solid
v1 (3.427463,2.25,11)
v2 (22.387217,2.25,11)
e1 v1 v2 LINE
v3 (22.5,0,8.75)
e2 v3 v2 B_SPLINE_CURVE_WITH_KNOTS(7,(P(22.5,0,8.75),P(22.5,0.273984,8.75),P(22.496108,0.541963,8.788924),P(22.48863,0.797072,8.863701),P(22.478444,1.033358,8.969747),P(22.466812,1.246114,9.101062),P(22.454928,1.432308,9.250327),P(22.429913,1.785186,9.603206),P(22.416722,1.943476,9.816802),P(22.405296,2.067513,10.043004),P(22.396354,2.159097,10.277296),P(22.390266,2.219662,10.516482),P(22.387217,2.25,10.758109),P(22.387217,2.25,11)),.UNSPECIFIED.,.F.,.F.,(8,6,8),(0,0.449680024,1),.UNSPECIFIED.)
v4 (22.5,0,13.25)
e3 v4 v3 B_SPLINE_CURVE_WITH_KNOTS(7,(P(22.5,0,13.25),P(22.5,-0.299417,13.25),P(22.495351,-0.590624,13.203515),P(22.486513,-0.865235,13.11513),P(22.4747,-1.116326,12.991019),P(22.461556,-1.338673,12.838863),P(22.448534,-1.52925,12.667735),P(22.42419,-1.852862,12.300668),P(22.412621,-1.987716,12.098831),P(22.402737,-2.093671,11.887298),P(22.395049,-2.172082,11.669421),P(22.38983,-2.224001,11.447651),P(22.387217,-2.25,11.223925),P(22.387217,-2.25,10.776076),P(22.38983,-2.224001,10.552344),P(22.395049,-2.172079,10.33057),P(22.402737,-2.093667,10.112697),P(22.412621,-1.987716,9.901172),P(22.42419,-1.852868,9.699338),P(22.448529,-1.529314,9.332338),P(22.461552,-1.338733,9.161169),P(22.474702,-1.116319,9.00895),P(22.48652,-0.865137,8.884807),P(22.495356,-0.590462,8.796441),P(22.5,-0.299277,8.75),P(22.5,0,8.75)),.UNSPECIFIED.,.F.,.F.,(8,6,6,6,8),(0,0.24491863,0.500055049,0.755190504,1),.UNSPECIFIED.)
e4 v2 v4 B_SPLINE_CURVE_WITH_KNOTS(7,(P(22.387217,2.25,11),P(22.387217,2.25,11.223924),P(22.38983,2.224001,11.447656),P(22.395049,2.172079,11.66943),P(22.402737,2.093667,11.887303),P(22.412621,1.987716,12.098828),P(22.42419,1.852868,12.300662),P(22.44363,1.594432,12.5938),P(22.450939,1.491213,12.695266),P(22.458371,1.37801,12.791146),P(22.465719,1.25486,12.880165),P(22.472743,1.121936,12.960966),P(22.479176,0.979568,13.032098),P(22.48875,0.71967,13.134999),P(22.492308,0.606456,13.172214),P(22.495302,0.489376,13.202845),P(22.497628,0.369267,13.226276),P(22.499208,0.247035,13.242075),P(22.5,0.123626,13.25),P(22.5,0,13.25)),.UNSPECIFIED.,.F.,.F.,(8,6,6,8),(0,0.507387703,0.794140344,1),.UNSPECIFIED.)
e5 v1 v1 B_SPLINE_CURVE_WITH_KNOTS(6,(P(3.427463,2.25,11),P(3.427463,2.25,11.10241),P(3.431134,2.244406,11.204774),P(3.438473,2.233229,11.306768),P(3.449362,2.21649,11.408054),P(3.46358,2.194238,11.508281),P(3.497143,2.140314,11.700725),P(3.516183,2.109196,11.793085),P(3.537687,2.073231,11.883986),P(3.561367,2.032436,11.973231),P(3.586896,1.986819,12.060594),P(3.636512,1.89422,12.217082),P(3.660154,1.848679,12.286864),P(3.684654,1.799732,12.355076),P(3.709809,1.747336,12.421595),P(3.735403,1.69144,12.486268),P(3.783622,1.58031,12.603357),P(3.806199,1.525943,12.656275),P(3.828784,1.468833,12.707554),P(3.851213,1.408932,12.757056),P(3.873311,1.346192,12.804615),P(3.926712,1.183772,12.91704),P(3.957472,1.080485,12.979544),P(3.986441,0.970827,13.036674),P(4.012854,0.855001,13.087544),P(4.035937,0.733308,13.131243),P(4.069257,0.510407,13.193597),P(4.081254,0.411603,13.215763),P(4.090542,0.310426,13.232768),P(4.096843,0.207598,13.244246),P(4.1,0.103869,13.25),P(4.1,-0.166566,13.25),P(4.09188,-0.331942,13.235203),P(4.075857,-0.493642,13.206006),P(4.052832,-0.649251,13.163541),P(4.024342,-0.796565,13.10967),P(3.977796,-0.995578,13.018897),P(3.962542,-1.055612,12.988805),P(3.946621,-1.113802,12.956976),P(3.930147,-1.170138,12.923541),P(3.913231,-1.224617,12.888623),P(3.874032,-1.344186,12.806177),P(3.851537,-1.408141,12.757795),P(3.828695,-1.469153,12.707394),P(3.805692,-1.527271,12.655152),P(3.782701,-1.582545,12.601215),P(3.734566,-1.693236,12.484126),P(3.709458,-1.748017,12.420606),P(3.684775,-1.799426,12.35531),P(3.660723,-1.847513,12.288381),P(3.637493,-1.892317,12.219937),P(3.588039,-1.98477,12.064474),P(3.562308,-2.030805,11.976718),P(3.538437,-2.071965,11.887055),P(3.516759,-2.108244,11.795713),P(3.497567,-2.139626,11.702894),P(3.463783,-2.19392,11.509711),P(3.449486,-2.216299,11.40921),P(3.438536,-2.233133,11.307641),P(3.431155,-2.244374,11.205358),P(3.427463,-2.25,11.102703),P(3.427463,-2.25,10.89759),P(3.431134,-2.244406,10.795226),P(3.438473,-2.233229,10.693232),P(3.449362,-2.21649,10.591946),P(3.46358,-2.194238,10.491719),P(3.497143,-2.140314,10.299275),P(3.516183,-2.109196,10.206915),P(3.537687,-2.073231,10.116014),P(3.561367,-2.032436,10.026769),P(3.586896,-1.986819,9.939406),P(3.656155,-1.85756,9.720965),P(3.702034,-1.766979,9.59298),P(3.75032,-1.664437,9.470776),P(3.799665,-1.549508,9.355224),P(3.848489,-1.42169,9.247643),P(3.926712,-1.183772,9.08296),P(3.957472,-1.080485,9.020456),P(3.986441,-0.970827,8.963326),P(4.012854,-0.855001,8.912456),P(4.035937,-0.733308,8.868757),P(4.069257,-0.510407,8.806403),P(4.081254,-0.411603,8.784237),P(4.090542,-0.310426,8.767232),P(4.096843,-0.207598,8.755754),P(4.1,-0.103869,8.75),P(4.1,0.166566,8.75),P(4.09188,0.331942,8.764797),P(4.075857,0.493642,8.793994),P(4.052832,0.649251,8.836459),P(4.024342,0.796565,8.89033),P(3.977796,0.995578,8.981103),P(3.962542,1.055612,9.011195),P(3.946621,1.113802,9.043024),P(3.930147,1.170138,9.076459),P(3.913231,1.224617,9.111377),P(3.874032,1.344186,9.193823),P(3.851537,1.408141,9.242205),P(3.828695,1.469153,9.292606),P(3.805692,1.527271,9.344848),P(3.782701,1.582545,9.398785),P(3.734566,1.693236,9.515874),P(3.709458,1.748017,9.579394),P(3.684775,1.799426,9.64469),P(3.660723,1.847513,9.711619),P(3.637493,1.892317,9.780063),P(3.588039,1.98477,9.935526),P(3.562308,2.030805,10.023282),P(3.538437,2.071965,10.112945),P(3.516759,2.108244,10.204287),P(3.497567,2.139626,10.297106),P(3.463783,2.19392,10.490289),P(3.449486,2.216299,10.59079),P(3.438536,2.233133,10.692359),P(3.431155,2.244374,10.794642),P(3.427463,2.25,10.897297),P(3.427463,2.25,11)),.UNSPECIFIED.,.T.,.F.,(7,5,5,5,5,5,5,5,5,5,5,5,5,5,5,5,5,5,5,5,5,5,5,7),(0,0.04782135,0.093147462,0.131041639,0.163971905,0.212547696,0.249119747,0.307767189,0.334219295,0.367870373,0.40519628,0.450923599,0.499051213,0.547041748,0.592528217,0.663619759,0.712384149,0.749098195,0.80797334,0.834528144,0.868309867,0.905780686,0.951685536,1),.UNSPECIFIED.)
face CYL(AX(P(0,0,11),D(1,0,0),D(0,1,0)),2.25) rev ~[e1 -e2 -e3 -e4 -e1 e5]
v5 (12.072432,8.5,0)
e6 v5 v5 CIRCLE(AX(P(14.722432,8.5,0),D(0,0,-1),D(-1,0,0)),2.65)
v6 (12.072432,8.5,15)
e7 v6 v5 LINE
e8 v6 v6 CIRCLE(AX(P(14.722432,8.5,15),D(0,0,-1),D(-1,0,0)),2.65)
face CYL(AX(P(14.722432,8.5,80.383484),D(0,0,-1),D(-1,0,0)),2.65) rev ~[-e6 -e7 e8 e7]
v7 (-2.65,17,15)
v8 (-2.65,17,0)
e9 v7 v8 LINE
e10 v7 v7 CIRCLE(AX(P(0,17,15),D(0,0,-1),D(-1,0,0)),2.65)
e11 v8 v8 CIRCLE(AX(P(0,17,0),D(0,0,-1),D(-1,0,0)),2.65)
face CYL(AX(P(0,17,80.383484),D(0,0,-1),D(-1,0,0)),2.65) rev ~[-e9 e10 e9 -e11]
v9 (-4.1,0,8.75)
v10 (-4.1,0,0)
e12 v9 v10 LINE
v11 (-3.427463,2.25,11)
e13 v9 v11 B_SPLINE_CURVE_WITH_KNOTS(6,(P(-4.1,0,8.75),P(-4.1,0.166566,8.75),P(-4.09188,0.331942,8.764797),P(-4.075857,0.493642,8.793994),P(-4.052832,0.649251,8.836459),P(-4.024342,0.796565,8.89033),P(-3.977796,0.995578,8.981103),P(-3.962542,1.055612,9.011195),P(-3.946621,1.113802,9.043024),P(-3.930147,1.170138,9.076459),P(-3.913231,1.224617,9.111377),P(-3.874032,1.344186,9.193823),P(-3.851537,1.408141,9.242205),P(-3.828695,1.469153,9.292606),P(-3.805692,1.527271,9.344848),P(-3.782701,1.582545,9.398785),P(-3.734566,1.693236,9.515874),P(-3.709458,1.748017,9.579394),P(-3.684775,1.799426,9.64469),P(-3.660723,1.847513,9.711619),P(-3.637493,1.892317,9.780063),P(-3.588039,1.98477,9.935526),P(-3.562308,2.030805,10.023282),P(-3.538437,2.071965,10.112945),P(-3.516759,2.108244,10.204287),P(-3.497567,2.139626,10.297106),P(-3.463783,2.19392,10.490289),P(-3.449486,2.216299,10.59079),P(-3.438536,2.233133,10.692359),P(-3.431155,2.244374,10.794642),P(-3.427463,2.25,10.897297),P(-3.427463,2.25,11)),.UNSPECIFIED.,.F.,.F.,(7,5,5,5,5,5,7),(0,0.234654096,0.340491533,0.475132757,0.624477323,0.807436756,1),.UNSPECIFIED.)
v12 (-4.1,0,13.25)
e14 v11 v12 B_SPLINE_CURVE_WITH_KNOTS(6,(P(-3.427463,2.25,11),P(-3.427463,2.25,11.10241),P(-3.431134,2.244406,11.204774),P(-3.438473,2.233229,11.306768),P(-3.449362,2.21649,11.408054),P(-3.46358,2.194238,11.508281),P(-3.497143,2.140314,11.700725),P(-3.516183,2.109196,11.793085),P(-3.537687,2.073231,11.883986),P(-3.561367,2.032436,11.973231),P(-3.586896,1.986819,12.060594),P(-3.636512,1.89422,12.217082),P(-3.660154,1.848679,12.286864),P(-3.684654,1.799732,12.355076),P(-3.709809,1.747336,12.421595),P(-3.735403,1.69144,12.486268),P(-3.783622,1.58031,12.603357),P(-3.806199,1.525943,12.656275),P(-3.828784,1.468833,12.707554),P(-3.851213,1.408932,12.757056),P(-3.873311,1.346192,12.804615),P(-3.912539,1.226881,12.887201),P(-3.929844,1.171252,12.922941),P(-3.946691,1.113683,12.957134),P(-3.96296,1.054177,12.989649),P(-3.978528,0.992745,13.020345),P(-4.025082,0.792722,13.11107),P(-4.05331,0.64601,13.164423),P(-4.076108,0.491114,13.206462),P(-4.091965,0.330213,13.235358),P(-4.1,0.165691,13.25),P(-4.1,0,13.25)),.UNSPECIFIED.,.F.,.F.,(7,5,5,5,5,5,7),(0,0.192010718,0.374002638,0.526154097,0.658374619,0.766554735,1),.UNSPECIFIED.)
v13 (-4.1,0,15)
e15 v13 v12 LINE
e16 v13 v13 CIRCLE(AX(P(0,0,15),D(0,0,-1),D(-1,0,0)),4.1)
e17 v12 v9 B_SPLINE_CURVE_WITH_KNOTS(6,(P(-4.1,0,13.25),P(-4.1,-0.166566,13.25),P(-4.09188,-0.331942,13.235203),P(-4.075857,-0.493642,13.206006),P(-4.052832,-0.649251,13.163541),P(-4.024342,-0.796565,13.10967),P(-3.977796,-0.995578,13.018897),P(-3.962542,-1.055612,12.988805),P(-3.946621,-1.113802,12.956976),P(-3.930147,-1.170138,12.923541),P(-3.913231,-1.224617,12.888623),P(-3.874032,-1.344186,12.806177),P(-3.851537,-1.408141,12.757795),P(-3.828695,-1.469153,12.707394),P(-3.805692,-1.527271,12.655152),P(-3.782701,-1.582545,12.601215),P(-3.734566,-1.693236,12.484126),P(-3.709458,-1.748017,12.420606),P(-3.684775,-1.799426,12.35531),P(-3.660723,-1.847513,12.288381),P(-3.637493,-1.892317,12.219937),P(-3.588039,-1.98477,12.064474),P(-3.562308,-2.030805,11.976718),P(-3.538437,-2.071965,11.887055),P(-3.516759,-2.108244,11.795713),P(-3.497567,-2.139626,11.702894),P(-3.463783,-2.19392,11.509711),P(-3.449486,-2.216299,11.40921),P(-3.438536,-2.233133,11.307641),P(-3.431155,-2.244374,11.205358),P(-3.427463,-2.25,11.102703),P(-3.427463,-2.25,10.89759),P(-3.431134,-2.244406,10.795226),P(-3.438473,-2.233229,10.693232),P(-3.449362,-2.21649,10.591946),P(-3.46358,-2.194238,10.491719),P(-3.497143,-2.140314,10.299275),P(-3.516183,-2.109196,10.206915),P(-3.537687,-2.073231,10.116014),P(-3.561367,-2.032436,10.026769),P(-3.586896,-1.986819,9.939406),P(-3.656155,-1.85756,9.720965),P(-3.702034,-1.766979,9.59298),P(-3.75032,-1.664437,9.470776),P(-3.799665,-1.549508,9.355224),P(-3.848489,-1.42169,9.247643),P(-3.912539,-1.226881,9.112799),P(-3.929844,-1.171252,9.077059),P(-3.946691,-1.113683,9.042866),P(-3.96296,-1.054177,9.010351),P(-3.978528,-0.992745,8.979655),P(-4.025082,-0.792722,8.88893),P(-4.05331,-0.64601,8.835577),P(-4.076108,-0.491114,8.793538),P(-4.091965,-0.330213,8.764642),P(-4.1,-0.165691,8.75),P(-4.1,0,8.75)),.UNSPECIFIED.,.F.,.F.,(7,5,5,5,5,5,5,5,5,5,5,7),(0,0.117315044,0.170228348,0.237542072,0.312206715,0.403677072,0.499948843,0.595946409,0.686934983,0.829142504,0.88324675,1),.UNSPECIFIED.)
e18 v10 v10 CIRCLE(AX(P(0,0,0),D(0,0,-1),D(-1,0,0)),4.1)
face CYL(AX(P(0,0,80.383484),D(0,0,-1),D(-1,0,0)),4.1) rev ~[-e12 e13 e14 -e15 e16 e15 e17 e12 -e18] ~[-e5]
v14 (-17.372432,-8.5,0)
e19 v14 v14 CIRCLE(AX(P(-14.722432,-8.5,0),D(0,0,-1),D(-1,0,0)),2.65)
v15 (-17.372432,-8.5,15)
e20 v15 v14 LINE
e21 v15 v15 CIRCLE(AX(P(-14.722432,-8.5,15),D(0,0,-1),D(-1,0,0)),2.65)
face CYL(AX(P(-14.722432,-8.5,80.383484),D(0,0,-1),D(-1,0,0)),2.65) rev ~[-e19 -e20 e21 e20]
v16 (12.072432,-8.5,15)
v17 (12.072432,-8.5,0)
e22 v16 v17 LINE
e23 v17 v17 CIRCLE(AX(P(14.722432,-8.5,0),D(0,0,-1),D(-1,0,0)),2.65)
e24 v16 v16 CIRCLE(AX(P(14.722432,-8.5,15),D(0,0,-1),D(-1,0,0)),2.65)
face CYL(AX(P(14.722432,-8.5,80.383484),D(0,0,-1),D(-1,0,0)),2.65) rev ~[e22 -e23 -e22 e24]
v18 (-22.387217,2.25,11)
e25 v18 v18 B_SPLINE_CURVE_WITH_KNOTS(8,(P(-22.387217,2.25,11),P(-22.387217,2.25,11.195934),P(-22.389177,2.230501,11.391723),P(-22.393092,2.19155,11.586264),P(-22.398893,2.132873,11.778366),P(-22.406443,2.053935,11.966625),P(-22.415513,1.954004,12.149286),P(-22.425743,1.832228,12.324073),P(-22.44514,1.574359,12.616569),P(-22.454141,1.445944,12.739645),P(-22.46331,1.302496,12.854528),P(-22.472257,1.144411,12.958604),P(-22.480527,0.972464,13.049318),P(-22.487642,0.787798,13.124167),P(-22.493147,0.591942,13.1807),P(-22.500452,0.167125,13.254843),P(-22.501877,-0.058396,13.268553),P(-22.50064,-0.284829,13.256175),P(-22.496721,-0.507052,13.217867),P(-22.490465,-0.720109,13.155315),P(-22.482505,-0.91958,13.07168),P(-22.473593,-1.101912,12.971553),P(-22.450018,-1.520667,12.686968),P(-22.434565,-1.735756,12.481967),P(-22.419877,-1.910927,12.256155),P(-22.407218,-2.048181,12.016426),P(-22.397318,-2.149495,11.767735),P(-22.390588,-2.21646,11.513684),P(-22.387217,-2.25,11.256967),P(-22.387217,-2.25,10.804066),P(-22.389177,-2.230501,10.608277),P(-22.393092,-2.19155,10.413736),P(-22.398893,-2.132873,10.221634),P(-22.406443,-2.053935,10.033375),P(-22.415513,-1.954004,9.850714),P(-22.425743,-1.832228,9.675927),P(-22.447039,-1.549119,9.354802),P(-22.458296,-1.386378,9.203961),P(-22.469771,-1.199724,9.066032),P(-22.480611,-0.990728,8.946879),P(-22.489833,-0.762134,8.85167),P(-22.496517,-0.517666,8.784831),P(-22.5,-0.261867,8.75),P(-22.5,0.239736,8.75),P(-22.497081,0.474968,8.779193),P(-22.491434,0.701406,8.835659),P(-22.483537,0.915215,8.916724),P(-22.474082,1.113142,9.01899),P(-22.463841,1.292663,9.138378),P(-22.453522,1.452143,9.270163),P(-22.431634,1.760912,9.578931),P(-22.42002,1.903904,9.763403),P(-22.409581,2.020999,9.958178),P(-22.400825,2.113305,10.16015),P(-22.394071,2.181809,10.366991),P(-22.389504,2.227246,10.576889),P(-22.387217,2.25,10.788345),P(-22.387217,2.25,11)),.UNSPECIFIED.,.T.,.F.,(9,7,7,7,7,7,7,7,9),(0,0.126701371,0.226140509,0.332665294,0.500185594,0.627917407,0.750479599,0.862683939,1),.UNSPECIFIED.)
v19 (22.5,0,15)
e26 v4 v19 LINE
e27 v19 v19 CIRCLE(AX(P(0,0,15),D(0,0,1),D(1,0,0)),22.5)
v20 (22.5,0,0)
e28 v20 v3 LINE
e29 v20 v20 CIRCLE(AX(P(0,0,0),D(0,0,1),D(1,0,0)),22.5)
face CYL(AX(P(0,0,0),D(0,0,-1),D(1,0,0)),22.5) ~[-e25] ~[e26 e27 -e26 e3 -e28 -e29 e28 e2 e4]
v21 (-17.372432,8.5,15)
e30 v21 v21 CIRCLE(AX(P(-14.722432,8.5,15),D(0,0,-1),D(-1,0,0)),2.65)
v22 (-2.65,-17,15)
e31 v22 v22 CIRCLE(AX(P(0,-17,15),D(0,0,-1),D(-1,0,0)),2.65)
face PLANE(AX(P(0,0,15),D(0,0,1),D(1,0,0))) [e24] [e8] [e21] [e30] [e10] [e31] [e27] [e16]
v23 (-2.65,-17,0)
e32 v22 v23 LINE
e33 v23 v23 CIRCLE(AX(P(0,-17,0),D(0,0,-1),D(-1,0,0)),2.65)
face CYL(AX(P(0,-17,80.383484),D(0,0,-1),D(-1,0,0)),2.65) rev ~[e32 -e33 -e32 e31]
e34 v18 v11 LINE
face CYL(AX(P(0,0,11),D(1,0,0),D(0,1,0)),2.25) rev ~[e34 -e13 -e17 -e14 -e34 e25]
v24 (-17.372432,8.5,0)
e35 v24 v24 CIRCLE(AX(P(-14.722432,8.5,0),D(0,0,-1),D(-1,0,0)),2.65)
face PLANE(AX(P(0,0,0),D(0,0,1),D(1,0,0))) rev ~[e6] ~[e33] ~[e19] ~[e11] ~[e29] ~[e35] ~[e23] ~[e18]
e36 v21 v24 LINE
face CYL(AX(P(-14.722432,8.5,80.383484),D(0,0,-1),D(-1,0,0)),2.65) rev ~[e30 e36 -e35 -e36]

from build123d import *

# Parameters (mm, degrees)
F0_R     = 22.5
F1_DEPTH = 15
F3_D     = 8.2
F5_D     = 5.3
F6_R     = 2.25
F7_DEPTH = 50


with BuildPart() as f1:
    # F0 (on Top) → F1 (new body)
    with BuildSketch(Plane.XY):
        Circle(F0_R)
    extrude(amount=F1_DEPTH)

    # F3 (through all)
    with Locations(Plane.XY.offset(15)):
        with Locations((0, 0)):
            Hole(F3_D / 2)

    # F5 (through all)
    with Locations(Plane.XY.offset(15)):
        with Locations((0, 17), (14.722432, 8.5), (14.722432, -8.5), (0, -17), (-14.722432, -8.5), (-14.722432, 8.5)):
            Hole(F5_D / 2)

    # F6 (on Right) → F7 (cut, symmetric)
    with BuildSketch(Plane.YZ):
        with Locations((0, 11)):
            Circle(F6_R)
    extrude(amount=F7_DEPTH, both=True, mode=Mode.SUBTRACT)


solid = f1.part
